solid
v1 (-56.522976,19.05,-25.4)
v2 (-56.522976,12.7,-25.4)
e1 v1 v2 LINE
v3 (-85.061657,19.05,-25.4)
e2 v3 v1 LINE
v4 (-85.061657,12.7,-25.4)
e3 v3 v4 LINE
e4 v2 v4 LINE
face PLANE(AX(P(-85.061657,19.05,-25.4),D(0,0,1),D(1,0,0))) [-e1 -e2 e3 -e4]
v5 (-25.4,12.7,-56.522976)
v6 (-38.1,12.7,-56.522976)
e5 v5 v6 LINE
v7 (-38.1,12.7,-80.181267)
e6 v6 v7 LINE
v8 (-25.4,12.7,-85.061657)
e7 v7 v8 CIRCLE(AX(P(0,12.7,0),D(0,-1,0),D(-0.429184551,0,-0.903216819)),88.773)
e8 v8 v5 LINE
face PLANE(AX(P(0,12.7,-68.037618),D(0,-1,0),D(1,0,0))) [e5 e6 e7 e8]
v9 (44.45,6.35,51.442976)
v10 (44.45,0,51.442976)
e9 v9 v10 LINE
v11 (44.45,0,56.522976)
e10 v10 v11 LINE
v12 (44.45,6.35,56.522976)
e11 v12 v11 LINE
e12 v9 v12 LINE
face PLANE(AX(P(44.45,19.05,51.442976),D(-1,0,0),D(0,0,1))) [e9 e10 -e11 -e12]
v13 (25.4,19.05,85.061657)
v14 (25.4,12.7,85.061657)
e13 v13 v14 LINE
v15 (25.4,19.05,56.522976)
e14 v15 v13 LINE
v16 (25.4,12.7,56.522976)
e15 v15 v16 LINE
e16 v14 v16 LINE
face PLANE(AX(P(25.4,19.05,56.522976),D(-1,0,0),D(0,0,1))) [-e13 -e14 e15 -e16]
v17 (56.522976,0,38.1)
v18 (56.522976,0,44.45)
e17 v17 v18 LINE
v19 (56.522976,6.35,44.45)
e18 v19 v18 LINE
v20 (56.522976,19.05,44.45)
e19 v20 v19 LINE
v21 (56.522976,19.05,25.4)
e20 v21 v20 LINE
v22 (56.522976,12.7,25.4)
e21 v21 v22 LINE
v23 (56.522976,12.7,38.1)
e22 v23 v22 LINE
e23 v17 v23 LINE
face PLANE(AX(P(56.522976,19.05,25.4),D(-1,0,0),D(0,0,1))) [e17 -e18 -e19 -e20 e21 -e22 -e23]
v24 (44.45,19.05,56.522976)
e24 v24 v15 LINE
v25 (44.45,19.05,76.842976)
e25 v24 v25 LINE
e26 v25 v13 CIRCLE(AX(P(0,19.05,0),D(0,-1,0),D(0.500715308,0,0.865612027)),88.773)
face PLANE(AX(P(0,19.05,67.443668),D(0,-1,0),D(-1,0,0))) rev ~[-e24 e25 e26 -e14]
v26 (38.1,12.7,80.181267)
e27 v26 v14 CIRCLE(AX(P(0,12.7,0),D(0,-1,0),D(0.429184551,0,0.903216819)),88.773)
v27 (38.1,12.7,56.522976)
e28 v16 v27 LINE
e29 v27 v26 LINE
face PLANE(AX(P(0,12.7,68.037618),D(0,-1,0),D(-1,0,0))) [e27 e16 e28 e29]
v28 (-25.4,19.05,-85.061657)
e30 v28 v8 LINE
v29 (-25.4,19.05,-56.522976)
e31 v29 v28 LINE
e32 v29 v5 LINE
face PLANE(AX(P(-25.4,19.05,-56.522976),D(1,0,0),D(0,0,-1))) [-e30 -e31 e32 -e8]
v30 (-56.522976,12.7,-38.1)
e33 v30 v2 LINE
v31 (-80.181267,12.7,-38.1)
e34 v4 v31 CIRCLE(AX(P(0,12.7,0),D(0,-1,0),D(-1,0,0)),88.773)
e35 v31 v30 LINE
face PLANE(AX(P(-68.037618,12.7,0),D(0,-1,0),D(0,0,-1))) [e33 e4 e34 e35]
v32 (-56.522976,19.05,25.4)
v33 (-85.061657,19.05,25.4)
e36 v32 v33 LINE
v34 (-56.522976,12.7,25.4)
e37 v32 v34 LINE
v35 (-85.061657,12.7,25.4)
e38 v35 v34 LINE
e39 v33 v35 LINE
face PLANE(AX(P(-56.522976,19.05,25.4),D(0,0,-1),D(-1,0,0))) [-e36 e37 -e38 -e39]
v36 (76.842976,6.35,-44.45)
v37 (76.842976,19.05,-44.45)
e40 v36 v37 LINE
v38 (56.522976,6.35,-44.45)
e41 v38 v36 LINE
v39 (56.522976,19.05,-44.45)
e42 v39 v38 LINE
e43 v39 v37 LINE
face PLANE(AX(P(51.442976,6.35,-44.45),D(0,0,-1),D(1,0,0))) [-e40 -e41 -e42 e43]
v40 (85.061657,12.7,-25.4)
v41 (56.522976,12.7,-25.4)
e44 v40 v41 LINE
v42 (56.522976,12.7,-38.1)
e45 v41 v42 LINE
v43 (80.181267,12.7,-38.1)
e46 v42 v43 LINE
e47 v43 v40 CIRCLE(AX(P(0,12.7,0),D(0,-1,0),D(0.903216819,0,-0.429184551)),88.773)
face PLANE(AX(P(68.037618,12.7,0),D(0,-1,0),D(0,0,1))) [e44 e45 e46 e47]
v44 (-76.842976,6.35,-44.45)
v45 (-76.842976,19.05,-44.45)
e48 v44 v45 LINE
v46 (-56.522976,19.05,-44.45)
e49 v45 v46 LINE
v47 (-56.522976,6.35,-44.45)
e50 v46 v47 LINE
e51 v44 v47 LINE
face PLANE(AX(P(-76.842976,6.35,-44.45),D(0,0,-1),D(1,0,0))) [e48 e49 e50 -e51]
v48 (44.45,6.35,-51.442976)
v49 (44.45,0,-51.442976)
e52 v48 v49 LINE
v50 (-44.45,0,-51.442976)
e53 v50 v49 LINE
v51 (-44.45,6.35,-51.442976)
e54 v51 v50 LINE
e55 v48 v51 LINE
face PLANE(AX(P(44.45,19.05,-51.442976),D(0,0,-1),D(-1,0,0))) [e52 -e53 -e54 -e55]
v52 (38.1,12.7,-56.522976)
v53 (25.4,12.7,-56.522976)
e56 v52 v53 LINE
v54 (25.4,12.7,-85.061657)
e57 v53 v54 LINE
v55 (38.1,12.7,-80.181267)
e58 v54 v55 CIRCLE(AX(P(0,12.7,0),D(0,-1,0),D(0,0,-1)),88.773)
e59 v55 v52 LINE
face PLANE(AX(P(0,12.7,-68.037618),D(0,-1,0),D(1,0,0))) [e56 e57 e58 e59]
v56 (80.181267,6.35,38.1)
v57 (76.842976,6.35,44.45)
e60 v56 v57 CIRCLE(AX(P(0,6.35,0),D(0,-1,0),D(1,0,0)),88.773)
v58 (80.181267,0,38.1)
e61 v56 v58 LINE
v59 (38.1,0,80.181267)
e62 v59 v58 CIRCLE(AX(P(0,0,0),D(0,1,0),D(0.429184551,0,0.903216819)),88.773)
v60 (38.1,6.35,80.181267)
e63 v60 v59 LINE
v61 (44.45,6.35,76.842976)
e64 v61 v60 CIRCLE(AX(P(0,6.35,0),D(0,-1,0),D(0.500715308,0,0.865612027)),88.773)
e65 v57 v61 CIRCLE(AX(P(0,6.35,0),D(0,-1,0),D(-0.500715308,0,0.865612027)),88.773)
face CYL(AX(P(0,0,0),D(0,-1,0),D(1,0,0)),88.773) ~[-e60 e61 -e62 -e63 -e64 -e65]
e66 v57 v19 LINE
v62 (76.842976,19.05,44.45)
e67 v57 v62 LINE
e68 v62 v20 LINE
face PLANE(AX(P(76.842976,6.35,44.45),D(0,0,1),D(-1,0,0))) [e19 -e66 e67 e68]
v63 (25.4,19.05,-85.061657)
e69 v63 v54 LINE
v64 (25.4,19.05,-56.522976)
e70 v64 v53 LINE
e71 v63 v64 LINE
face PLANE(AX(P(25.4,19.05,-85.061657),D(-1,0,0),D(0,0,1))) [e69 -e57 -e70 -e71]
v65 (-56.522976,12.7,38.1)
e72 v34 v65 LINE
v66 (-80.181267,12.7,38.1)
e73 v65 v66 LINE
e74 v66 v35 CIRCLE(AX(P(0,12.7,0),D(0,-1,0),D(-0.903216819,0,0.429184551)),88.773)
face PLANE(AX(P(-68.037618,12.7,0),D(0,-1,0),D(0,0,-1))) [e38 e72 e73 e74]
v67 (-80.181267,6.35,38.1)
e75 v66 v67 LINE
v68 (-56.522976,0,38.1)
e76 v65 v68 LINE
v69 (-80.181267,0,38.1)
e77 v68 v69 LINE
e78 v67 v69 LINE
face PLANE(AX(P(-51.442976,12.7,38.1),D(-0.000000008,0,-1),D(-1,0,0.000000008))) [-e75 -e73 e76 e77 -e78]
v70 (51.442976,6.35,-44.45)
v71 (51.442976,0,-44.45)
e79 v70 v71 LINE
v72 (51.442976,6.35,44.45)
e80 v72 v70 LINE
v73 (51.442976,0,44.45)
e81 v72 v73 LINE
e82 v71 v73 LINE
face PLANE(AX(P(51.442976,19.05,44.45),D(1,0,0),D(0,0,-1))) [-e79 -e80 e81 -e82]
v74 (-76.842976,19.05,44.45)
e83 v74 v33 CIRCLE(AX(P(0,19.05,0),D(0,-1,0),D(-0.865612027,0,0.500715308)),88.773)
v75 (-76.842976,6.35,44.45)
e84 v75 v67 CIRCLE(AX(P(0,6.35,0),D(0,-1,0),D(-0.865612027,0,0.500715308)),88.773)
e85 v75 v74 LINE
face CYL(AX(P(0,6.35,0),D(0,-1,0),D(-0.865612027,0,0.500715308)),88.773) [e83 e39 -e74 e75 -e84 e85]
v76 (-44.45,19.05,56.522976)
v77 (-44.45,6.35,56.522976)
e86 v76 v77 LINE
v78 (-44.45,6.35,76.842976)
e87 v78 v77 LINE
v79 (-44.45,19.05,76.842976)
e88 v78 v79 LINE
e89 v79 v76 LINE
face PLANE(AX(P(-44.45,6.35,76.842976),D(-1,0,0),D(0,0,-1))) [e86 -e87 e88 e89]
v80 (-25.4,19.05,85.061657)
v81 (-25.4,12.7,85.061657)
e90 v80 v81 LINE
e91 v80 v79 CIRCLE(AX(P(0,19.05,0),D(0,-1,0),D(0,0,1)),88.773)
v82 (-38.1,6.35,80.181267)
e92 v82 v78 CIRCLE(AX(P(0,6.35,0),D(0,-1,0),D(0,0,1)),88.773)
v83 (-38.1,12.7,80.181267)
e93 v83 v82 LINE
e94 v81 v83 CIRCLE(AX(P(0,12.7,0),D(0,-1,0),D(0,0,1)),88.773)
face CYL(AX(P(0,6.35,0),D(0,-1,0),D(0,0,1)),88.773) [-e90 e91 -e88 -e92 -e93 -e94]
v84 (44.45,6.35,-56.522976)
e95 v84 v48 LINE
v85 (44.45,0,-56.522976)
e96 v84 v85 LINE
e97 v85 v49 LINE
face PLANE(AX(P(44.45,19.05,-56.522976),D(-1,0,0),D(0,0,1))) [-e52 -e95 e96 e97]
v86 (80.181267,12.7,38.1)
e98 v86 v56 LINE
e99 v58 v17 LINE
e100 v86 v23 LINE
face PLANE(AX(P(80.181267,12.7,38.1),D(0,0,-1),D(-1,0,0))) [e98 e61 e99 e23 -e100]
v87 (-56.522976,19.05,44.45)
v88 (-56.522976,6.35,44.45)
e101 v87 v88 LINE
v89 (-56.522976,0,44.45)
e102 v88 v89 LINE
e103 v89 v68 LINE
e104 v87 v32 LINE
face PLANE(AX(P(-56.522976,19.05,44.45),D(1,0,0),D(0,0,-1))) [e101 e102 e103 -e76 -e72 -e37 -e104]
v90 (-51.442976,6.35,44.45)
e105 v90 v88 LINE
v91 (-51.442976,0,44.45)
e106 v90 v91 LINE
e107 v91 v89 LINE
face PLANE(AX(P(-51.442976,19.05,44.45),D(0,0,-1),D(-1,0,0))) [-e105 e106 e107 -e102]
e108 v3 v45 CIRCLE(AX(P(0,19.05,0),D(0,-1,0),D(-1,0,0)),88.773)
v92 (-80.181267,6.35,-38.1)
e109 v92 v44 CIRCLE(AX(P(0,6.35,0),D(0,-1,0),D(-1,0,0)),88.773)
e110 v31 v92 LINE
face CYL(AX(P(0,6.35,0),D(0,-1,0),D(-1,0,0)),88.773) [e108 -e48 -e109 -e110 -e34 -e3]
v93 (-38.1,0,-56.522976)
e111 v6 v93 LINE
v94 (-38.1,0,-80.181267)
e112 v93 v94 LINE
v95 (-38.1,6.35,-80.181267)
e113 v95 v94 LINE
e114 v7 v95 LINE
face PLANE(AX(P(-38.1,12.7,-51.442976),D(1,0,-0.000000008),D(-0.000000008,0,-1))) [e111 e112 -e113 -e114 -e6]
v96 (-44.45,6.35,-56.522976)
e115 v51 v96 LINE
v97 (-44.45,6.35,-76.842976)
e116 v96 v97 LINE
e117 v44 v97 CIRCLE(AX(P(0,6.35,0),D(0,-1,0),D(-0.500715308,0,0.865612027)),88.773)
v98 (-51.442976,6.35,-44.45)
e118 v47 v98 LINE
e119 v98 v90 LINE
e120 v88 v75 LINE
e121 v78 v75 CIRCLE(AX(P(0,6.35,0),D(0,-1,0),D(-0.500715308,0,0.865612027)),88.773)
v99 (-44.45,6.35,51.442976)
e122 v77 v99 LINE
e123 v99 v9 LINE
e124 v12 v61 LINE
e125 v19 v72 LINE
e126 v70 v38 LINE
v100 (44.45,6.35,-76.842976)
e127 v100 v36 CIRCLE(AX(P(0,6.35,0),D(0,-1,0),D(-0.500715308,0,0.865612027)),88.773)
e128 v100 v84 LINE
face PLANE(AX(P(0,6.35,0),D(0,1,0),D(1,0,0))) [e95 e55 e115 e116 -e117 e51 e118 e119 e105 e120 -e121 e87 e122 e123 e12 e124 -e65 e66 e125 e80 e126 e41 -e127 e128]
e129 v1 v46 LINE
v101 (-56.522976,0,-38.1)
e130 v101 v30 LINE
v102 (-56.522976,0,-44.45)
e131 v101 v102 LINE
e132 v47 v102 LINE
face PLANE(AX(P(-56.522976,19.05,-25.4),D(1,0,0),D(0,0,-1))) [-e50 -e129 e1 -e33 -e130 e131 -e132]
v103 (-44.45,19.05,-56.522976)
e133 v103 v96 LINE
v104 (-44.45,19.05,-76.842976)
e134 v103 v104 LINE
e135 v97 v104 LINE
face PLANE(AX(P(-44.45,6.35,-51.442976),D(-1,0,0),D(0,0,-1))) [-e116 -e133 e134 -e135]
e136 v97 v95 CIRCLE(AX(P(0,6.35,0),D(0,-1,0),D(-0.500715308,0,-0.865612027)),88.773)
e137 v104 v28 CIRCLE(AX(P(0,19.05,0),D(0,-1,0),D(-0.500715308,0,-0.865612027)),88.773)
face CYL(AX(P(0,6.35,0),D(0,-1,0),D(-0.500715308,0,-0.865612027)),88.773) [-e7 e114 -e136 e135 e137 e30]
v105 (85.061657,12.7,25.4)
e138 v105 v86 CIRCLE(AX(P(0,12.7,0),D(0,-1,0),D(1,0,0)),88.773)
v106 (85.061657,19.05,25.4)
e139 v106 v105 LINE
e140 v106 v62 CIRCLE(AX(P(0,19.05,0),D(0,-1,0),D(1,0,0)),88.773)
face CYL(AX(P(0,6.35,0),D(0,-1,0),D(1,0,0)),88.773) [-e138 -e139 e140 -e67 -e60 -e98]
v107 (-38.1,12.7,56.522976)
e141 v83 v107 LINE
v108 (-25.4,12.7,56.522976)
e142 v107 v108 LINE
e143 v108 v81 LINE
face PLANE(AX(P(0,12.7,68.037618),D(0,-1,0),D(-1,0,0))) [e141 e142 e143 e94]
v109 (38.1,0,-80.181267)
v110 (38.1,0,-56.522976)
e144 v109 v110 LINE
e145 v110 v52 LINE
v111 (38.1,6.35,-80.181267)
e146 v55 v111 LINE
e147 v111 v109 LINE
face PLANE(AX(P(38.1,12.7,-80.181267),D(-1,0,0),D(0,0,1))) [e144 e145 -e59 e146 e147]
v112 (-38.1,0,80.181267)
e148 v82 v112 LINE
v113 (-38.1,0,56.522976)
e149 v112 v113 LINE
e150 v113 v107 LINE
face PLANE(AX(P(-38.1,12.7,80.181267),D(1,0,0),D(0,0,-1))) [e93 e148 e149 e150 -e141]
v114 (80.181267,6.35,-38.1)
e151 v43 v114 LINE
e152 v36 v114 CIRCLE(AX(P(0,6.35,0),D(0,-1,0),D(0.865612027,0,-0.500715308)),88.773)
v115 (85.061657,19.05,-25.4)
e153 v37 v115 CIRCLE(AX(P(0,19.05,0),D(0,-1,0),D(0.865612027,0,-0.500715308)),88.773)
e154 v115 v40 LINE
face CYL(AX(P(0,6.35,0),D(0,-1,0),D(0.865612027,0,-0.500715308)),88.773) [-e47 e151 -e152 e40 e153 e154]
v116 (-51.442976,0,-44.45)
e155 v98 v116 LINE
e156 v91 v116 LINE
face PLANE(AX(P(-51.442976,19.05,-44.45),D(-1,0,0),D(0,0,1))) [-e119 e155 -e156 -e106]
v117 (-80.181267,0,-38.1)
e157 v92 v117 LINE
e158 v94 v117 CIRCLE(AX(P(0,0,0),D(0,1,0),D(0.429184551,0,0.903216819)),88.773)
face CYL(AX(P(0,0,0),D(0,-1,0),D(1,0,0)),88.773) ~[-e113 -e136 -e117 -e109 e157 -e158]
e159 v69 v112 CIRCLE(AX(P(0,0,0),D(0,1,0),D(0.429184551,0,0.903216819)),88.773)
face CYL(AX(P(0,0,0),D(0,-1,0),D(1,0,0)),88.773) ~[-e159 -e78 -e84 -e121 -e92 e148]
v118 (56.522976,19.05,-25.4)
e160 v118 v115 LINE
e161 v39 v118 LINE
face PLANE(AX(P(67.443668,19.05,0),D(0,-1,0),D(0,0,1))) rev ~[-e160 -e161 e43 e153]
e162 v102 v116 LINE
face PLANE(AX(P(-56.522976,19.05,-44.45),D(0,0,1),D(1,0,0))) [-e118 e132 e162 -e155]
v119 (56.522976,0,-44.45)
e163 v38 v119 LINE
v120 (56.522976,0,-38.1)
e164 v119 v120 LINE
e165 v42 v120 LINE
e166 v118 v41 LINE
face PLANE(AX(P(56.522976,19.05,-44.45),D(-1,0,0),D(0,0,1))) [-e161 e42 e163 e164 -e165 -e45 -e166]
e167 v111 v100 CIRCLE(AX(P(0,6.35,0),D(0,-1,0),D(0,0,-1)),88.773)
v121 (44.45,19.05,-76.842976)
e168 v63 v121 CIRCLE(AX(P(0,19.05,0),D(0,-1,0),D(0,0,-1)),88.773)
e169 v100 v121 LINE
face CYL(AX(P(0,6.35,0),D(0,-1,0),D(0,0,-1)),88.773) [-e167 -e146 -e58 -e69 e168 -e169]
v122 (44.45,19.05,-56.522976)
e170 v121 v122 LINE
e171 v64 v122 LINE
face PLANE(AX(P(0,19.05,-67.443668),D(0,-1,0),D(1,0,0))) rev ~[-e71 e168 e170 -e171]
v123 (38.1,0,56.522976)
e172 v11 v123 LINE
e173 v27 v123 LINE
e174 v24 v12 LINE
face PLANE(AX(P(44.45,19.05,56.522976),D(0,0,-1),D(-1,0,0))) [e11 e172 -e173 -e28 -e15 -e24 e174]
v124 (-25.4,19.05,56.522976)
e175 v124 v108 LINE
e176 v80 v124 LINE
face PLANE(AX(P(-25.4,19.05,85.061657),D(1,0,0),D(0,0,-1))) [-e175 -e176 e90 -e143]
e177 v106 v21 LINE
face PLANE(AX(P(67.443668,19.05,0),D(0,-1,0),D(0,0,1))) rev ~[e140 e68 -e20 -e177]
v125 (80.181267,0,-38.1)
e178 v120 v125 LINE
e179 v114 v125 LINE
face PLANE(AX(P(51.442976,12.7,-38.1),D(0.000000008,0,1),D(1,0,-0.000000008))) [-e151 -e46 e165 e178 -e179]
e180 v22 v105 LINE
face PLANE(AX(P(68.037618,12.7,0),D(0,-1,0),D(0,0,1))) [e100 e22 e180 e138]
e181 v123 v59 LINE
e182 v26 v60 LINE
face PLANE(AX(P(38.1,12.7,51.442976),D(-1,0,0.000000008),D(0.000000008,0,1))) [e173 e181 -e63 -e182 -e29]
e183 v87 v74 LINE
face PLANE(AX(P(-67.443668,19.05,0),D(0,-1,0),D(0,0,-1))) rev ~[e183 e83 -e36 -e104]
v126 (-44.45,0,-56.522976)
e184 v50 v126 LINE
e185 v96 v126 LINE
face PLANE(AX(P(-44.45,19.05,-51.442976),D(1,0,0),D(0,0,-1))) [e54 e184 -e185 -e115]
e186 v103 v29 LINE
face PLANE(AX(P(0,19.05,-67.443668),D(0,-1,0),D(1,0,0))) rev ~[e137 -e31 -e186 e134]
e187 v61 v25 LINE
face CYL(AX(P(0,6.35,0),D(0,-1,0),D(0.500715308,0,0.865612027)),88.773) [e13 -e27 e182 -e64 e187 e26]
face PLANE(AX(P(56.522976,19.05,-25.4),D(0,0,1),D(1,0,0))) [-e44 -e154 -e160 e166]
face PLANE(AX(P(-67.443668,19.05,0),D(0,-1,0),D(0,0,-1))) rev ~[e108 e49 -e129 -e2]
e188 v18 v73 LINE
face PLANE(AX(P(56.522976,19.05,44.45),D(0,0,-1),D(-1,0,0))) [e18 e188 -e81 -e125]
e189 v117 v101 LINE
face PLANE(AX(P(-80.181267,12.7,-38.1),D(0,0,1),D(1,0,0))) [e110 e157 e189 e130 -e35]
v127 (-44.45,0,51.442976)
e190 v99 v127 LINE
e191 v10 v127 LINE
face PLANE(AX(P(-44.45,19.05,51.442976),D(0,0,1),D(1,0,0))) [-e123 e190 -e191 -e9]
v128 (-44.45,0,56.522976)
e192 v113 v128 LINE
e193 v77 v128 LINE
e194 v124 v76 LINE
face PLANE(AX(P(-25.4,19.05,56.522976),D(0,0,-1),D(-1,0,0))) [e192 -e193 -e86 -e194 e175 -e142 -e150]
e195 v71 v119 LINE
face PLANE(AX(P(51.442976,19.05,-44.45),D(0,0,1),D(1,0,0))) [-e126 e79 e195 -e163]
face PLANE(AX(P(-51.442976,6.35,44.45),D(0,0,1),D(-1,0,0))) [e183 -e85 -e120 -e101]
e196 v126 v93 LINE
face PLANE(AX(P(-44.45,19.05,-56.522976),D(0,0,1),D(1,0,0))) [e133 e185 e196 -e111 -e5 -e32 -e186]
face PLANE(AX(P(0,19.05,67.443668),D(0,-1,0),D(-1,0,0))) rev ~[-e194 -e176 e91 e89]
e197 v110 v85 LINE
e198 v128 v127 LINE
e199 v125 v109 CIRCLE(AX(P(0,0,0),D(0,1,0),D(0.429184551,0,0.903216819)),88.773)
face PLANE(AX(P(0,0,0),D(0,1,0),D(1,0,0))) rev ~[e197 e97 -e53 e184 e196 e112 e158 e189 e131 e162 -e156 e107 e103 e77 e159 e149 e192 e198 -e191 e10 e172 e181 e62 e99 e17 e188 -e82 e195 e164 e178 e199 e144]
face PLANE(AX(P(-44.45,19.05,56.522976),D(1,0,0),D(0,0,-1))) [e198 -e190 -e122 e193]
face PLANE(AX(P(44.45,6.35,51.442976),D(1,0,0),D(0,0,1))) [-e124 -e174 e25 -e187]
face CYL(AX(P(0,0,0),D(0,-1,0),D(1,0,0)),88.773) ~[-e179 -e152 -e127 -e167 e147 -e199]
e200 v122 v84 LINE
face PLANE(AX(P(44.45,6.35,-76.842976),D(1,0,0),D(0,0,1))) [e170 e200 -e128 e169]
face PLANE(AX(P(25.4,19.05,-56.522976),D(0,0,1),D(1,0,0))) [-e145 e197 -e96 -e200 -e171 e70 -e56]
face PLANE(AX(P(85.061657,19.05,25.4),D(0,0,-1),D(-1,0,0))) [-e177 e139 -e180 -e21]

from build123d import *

# Parameters (mm, degrees)
SKETCH1_R          = 88.773
BASE_DEPTH         = 6.35
STOPPER_DEPTH      = 12.7
STOPPER_START      = -6.35
STOPPER_GAP_DEPTH  = 13.7
OVERHANG_CUT_DEPTH = 26.416
CIRPATTERN1_COUNT  = 4


with BuildPart() as part:
    # Sketch1 → Base (new body)
    with BuildSketch(Plane(origin=(0, 0, 0), x_dir=(1, 0, 0), z_dir=(0, 1, 0))):
        Circle(SKETCH1_R)
    extrude(amount=BASE_DEPTH)

    # Sketch2 → Stopper (add)
    with BuildSketch(Plane(origin=(0, 6.35, 0), x_dir=(1, 0, 0), z_dir=(0, 1, 0))):
        with BuildLine():
            Line((-44.45, -76.842976445), (-44.45, -51.442976445))
            Line((-44.45, -51.442976445), (0, -51.442976445))
            Line((0, -51.442976445), (44.45, -51.442976445))
            Line((44.45, -51.442976445), (44.45, -76.842976445))
            ThreePointArc((44.45, -76.842976445), (23.011562105, -85.73863504), (0, -88.773))
            ThreePointArc((0, -88.773), (-23.011562105, -85.73863504), (-44.45, -76.842976445))
        make_face()
    stopper = extrude(amount=STOPPER_DEPTH)

    # Sketch5 → Stopper Gap (cut, through all)
    with BuildSketch(Plane(origin=(0, 19.05, 0), x_dir=(1, 0, 0), z_dir=(0, 1, 0)).offset(STOPPER_START)):
        with BuildLine():
            Line((-38.10000012, -80.181266639), (-38.10000012, -51.442976445))
            Line((-38.10000012, -51.442976445), (-1.2e-07, -51.442976445))
            Line((-1.2e-07, -51.442976445), (38.09999988, -51.442976445))
            Line((38.09999988, -51.442976445), (38.10000012, -80.181266639))
            ThreePointArc((38.10000012, -80.181266639), (19.528363291, -86.598432758), (0, -88.773))
            ThreePointArc((0, -88.773), (-19.528363291, -86.598432758), (-38.10000012, -80.181266639))
        make_face()
    stopper_gap = extrude(amount=-STOPPER_GAP_DEPTH, mode=Mode.SUBTRACT)

    # Sketch6 → Overhang cut (cut)
    with BuildSketch(Plane(origin=(0, 19.05, 0), x_dir=(1, 0, 0), z_dir=(0, 1, 0))):
        with BuildLine():
            Line((-25.4, -51.442976445), (0, -51.442976445))
            Line((0, -51.442976445), (25.4, -51.442976445))
            Line((25.4, -51.442976445), (44.45, -51.442976445))
            Line((44.45, -51.442976445), (44.45, -56.522976445))
            Line((44.45, -56.522976445), (25.4, -56.522976445))
            Line((25.4, -56.522976445), (25.4, -85.06165722))
            ThreePointArc((25.4, -85.06165722), (12.834855523, -87.840264188), (0, -88.773))
            ThreePointArc((0, -88.773), (-12.834855523, -87.840264188), (-25.4, -85.06165722))
            Line((-25.4, -85.06165722), (-25.4, -56.522976445))
            Line((-25.4, -56.522976445), (-44.45, -56.522976445))
            Line((-44.45, -56.522976445), (-44.45, -51.442976445))
            Line((-44.45, -51.442976445), (-25.4, -51.442976445))
        make_face()
    overhang_cut = extrude(amount=-OVERHANG_CUT_DEPTH, mode=Mode.SUBTRACT)

    # CirPattern1: Stopper, Stopper Gap, Overhang cut ×4 about axis
    cirpattern1_axis = Axis((0, 0, 0), (0, 1, 0))
    for i in range(1, CIRPATTERN1_COUNT):
        add(stopper.rotate(cirpattern1_axis, i * 360 / CIRPATTERN1_COUNT))
        add(stopper_gap.rotate(cirpattern1_axis, i * 360 / CIRPATTERN1_COUNT), mode=Mode.SUBTRACT)
        add(overhang_cut.rotate(cirpattern1_axis, i * 360 / CIRPATTERN1_COUNT), mode=Mode.SUBTRACT)


solid = part.part
